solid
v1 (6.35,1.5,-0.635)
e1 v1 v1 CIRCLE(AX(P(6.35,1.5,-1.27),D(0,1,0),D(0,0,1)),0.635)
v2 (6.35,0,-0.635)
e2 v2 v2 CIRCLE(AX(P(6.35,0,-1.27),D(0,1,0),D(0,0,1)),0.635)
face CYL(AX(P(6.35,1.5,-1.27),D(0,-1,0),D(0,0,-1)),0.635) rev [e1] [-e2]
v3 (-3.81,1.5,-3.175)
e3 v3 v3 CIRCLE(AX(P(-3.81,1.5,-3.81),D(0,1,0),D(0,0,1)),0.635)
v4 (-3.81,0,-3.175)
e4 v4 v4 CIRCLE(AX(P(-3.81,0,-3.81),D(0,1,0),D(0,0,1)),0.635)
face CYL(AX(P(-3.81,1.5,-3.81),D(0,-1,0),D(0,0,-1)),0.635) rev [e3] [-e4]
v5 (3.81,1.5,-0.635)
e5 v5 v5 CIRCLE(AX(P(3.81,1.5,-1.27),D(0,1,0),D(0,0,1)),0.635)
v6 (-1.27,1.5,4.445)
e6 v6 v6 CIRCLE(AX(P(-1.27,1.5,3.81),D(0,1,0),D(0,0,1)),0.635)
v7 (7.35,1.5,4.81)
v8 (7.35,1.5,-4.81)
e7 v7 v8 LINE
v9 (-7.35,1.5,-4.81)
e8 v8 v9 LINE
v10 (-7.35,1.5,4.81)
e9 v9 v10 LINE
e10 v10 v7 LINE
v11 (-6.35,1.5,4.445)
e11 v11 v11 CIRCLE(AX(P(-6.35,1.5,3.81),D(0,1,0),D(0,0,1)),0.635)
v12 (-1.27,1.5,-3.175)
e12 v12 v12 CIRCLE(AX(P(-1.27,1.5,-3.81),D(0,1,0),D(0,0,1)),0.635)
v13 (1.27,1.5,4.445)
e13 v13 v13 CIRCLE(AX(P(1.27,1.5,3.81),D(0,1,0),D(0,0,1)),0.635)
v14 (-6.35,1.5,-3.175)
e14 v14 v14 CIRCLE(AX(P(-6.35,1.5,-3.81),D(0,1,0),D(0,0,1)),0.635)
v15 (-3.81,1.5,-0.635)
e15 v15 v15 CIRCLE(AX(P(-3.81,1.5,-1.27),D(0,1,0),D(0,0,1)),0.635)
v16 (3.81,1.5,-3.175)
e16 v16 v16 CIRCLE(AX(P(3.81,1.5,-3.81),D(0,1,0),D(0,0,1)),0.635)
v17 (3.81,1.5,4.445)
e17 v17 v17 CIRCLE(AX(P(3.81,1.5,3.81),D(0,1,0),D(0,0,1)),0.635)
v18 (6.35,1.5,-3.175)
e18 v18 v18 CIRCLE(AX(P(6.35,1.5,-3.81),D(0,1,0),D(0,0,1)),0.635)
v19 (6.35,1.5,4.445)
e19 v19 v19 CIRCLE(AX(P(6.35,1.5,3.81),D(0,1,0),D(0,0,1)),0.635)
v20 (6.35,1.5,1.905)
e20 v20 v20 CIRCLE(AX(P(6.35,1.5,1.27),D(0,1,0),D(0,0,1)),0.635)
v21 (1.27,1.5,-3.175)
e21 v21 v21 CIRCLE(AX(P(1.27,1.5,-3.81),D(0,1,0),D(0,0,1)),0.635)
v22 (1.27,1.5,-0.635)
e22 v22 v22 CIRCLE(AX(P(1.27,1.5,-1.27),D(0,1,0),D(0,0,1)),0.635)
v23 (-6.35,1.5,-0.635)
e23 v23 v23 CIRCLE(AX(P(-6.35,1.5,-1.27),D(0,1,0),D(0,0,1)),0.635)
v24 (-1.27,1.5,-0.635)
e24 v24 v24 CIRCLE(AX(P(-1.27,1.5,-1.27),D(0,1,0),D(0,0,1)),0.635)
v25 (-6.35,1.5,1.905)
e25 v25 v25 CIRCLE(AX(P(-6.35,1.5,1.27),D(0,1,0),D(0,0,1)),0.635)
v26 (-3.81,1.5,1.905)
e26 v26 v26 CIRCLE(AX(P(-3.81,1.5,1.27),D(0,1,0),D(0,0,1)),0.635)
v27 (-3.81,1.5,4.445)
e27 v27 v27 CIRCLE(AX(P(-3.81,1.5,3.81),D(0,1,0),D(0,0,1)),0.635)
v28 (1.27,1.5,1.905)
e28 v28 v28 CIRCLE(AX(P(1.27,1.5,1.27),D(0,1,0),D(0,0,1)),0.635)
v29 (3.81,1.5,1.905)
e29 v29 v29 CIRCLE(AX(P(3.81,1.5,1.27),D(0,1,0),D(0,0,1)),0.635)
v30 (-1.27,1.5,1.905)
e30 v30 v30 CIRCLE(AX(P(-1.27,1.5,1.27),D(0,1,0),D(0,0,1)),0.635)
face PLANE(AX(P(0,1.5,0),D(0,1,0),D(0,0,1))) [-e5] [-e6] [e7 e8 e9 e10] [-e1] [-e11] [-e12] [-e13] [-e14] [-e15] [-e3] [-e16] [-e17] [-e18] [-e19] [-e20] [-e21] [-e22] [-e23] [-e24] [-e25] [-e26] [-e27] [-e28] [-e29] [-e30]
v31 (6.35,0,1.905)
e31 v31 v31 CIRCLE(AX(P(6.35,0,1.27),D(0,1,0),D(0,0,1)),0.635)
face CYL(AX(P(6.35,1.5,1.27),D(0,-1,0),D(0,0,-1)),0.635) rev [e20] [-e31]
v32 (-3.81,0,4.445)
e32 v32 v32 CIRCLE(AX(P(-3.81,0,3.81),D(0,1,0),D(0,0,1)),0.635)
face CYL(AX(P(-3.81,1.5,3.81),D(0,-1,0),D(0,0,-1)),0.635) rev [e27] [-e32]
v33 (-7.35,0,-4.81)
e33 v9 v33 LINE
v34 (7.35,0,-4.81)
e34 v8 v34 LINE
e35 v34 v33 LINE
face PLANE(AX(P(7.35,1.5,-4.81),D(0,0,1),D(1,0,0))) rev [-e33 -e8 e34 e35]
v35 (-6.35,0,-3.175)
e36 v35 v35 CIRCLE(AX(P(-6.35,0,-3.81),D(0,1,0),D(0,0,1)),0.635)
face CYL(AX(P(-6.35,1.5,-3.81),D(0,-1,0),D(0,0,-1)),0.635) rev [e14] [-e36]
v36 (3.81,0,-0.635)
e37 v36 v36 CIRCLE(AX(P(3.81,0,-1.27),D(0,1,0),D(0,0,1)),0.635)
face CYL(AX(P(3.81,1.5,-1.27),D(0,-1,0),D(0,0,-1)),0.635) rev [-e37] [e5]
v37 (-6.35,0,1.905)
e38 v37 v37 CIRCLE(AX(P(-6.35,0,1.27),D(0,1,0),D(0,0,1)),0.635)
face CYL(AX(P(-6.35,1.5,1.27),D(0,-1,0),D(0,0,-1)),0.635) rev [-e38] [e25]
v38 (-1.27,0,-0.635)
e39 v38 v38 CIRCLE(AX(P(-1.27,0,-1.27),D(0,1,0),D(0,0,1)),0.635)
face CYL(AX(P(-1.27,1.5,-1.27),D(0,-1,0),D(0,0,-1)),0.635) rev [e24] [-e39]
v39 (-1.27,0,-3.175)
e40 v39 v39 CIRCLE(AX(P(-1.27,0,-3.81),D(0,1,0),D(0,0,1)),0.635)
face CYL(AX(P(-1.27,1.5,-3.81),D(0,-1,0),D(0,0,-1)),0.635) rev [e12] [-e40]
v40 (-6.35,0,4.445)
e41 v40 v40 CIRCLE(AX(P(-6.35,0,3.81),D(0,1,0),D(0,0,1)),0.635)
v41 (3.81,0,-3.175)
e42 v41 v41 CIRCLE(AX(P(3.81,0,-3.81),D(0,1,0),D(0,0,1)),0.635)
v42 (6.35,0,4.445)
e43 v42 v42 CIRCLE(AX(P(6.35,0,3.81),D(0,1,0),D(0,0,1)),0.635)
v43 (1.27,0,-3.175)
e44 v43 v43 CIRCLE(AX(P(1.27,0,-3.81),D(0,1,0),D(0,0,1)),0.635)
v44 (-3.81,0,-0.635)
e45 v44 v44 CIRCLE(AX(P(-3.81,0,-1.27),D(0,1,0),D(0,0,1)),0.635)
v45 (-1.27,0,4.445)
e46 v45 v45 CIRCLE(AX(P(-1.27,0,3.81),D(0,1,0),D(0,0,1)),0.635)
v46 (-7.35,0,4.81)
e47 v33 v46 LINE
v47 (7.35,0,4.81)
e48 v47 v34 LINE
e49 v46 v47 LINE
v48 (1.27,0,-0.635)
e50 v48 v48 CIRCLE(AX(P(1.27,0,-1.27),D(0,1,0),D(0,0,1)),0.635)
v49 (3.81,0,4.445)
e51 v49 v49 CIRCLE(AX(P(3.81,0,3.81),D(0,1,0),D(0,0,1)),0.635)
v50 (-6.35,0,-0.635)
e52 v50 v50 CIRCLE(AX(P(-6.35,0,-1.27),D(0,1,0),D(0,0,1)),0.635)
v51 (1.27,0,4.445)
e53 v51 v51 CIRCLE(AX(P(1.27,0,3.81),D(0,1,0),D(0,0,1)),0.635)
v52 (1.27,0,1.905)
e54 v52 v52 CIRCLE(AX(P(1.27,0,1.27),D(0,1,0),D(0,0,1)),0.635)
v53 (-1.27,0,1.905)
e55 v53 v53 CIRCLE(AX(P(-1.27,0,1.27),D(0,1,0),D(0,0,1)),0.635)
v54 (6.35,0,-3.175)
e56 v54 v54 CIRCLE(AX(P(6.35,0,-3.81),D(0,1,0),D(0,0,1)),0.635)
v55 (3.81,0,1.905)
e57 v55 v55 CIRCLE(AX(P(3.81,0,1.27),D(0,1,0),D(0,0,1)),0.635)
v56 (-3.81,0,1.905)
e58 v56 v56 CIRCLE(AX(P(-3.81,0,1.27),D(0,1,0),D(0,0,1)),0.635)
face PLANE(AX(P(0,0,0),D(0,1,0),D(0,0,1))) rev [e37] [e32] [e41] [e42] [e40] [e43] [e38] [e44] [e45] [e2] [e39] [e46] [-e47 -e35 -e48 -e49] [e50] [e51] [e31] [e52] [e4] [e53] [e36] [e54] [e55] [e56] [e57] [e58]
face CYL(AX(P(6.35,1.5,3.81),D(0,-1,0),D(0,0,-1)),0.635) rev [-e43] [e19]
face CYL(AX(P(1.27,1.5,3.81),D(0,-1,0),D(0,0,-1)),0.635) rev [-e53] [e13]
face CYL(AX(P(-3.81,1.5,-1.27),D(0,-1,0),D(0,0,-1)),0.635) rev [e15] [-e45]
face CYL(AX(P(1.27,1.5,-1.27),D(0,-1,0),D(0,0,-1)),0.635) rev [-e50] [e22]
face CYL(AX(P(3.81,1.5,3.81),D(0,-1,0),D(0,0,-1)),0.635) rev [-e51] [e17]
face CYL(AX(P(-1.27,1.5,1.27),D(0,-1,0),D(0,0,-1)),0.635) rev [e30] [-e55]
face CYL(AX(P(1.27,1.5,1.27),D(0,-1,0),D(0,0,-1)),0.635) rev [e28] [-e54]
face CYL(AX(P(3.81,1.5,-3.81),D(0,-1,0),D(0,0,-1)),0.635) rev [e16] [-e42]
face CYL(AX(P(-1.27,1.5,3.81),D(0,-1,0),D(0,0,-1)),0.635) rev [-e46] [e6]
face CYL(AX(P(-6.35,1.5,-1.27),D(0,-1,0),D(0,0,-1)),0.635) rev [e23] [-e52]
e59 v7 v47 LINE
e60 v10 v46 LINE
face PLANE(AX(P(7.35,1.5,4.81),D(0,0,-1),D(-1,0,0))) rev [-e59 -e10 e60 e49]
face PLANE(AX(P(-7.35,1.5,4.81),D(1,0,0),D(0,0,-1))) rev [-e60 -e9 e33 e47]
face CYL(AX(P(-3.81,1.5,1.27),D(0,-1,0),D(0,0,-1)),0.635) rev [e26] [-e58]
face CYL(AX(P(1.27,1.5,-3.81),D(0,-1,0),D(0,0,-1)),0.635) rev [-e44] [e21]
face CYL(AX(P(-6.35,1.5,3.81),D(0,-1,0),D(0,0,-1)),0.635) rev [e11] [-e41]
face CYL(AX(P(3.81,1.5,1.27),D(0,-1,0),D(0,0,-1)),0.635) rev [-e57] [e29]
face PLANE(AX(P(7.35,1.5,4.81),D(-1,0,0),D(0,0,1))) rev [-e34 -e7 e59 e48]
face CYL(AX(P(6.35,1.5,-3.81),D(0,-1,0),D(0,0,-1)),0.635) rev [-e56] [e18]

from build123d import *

# Parameters (mm, degrees)
SKETCH1_W           = 14.7
SKETCH1_H           = 9.62
SKETCH1_R           = 0.635
BOSS_EXTRUDE2_DEPTH = 1.5


with BuildPart() as part:
    # Sketch1 → Boss-Extrude2 (new body)
    with BuildSketch(Plane(origin=(0, 0, 0), x_dir=(1, 0, 0), z_dir=(0, 1, 0))):
        Rectangle(SKETCH1_W, SKETCH1_H)
        with Locations((-6.35, 3.81)):
            Circle(SKETCH1_R, mode=Mode.SUBTRACT)
        with Locations((-3.81, 3.81)):
            Circle(SKETCH1_R, mode=Mode.SUBTRACT)
        with Locations((-1.27, 3.81)):
            Circle(SKETCH1_R, mode=Mode.SUBTRACT)
        with Locations((1.27, 3.81)):
            Circle(SKETCH1_R, mode=Mode.SUBTRACT)
        with Locations((3.81, 3.81)):
            Circle(SKETCH1_R, mode=Mode.SUBTRACT)
        with Locations((6.35, 3.81)):
            Circle(SKETCH1_R, mode=Mode.SUBTRACT)
        with Locations((-6.35, 1.27)):
            Circle(SKETCH1_R, mode=Mode.SUBTRACT)
        with Locations((-3.81, 1.27)):
            Circle(SKETCH1_R, mode=Mode.SUBTRACT)
        with Locations((-1.27, 1.27)):
            Circle(SKETCH1_R, mode=Mode.SUBTRACT)
        with Locations((1.27, 1.27)):
            Circle(SKETCH1_R, mode=Mode.SUBTRACT)
        with Locations((3.81, 1.27)):
            Circle(SKETCH1_R, mode=Mode.SUBTRACT)
        with Locations((6.35, 1.27)):
            Circle(SKETCH1_R, mode=Mode.SUBTRACT)
        with Locations((-6.35, -1.27)):
            Circle(SKETCH1_R, mode=Mode.SUBTRACT)
        with Locations((-3.81, -1.27)):
            Circle(SKETCH1_R, mode=Mode.SUBTRACT)
        with Locations((-1.27, -1.27)):
            Circle(SKETCH1_R, mode=Mode.SUBTRACT)
        with Locations((1.27, -1.27)):
            Circle(SKETCH1_R, mode=Mode.SUBTRACT)
        with Locations((3.81, -1.27)):
            Circle(SKETCH1_R, mode=Mode.SUBTRACT)
        with Locations((6.35, -1.27)):
            Circle(SKETCH1_R, mode=Mode.SUBTRACT)
        with Locations((-6.35, -3.81)):
            Circle(SKETCH1_R, mode=Mode.SUBTRACT)
        with Locations((-3.81, -3.81)):
            Circle(SKETCH1_R, mode=Mode.SUBTRACT)
        with Locations((-1.27, -3.81)):
            Circle(SKETCH1_R, mode=Mode.SUBTRACT)
        with Locations((1.27, -3.81)):
            Circle(SKETCH1_R, mode=Mode.SUBTRACT)
        with Locations((3.81, -3.81)):
            Circle(SKETCH1_R, mode=Mode.SUBTRACT)
        with Locations((6.35, -3.81)):
            Circle(SKETCH1_R, mode=Mode.SUBTRACT)
    extrude(amount=BOSS_EXTRUDE2_DEPTH)


solid = part.part
